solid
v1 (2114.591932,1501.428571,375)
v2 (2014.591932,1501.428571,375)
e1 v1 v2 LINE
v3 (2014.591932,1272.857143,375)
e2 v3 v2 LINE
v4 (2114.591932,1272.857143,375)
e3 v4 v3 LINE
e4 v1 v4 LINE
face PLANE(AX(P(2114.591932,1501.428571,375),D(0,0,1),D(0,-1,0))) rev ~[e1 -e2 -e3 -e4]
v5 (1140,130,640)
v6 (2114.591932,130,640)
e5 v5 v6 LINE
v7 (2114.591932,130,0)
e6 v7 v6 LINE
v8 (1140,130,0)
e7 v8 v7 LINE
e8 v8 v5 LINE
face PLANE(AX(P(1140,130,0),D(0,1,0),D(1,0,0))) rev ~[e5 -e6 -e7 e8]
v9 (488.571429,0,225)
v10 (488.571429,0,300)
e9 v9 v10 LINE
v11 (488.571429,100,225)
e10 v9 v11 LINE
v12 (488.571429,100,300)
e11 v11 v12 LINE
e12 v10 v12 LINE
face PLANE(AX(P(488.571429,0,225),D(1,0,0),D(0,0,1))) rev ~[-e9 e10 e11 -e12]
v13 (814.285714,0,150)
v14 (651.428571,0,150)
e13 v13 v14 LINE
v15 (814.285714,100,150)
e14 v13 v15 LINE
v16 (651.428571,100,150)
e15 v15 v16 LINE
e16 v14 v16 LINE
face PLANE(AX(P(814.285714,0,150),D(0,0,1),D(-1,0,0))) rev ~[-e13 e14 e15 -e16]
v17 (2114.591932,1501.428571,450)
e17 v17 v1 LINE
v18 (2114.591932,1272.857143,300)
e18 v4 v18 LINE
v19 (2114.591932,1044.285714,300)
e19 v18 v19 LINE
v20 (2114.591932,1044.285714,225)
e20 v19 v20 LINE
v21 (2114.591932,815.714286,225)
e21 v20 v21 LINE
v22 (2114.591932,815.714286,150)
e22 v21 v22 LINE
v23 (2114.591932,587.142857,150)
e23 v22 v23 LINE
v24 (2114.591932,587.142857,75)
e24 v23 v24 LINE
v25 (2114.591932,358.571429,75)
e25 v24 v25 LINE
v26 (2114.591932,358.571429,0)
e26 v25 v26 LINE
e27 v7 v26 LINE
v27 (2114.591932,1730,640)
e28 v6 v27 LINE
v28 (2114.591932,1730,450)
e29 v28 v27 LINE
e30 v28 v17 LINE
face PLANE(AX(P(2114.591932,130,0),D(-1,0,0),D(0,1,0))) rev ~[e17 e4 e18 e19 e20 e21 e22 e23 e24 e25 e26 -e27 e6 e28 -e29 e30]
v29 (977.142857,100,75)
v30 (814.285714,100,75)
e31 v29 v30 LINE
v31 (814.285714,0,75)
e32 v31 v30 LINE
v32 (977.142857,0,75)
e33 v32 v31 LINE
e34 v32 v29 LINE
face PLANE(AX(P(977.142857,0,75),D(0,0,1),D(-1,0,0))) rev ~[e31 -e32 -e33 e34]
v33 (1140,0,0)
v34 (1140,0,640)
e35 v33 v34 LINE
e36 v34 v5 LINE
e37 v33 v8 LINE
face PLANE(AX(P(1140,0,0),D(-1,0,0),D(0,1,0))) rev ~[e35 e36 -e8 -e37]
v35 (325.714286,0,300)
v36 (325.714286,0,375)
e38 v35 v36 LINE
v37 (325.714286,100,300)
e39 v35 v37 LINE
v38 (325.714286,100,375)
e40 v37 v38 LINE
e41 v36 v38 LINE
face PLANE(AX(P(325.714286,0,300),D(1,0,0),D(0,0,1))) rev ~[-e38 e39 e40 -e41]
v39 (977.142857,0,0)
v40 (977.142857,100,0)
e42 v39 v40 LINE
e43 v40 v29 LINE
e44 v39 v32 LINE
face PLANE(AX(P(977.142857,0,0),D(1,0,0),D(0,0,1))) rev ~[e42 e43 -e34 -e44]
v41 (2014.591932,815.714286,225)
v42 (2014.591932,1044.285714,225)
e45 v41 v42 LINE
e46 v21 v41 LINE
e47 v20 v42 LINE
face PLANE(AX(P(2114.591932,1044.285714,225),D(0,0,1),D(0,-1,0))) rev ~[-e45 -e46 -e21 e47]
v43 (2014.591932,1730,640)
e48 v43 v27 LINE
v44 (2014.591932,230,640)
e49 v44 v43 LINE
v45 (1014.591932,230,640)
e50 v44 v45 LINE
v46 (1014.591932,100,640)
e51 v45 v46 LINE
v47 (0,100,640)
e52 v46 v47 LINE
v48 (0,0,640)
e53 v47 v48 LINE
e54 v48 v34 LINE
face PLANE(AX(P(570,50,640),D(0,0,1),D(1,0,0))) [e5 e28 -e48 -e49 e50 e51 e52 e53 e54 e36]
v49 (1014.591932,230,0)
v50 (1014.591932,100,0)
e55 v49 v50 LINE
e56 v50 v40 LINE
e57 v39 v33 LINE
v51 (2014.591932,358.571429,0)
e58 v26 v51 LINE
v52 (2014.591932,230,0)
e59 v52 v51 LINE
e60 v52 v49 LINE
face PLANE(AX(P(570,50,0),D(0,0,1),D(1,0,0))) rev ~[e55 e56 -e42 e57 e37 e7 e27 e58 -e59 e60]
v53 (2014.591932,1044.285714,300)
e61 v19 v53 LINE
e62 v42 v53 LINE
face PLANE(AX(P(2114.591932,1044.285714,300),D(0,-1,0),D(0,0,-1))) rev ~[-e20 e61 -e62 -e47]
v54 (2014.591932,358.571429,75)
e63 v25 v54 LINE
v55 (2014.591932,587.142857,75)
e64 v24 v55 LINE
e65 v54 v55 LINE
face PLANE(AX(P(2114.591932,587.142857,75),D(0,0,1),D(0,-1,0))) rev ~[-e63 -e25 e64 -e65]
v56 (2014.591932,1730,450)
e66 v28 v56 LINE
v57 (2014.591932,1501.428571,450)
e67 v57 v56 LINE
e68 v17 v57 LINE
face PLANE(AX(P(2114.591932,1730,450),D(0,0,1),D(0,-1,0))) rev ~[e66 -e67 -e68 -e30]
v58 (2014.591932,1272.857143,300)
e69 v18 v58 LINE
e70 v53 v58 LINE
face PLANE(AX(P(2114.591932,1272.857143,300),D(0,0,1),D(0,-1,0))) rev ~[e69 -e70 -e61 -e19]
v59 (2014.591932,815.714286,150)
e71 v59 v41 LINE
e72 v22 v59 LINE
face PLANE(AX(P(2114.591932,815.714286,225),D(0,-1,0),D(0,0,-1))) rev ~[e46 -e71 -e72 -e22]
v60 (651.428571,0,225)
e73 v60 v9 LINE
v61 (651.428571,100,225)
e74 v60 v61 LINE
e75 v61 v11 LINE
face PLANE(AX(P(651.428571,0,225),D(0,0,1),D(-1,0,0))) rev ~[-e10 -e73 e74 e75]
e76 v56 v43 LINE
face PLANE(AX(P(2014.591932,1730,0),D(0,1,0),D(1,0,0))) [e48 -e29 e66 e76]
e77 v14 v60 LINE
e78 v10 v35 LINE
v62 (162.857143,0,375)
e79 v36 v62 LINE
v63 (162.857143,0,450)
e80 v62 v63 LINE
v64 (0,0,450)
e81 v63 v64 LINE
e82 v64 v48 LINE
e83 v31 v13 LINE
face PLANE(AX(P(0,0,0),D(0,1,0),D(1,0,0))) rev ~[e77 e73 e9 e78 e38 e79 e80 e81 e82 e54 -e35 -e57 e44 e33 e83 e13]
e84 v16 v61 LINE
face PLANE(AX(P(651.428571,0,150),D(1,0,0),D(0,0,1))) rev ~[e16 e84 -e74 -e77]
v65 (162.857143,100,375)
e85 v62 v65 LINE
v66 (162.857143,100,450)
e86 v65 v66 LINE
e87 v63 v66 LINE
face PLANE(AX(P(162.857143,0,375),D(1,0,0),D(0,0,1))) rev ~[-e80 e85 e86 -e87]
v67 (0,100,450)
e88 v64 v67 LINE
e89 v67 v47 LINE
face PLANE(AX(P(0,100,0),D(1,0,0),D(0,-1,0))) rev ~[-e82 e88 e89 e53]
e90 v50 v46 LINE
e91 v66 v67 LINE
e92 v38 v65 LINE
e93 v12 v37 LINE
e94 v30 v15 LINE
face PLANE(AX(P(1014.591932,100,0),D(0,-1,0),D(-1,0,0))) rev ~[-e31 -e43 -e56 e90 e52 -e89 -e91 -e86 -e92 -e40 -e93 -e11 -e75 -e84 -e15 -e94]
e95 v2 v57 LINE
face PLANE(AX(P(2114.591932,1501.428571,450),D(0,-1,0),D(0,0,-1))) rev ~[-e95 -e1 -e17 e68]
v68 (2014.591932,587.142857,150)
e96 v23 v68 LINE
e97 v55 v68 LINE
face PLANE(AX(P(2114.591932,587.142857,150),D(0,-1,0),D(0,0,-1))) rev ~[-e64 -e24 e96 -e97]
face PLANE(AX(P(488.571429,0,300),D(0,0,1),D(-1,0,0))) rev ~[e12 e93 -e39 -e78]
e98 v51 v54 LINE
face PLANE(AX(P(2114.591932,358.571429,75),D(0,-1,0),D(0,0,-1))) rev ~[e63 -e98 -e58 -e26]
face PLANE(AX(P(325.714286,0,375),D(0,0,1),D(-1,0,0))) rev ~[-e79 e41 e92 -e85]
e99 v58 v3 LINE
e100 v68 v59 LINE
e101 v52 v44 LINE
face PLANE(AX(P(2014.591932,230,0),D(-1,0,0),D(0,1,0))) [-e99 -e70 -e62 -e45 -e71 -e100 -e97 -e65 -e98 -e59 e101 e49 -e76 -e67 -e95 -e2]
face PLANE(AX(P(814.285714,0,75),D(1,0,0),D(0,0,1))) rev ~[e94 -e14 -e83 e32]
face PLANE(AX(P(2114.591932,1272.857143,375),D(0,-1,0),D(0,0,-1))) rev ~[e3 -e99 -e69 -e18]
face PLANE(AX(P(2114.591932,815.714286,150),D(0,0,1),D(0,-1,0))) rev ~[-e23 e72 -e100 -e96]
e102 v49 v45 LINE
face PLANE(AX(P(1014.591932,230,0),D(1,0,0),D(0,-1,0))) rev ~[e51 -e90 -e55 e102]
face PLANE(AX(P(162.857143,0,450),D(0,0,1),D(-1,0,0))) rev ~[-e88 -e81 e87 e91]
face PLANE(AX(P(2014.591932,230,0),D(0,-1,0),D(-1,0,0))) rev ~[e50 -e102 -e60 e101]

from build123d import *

# Parameters (mm, degrees)
F0_W     = 125.408068
F0_H     = 30
F0_W_2   = 100
F0_H_2   = 1500
F1_DEPTH = 640
F3_DEPTH = 1730.001
F5_DEPTH = 2114.592932


with BuildPart() as f1:
    # F0 (on Top) → F1 (new body)
    with BuildSketch(Plane.XY):
        Polygon((0, 100), (0, 0), (1140, 0), (1140, 100), (1014.591932, 100), align=None)
        with Locations((1077.295966, 115)):
            Rectangle(F0_W, F0_H)
        Polygon((1014.591932, 130), (1140, 130), (2114.591932, 130), (2114.591932, 230), (2014.591932, 230), (1014.591932, 230), align=None)
        with Locations((2064.591932, 980)):
            Rectangle(F0_W_2, F0_H_2)
    extrude(amount=F1_DEPTH)

    # F2 (on face) → F3 (cut, through all)
    with BuildSketch(Plane.XZ):
        Polygon((162.857143, 450), (0, 450), (0, 0), (977.142857, 0), (977.142857, 75), (814.285714, 75), (814.285714, 150), (651.428571, 150), (651.428571, 225), (488.571429, 225), (488.571429, 300), (325.714286, 300), (325.714286, 375), (162.857143, 375), align=None)
    extrude(amount=-F3_DEPTH, mode=Mode.SUBTRACT)

    # F4 (on face) → F5 (cut, through all)
    with BuildSketch(Plane.YZ.offset(2114.591932)):
        Polygon((1272.857143, 375), (1272.857143, 300), (1044.285714, 300), (1044.285714, 225), (815.714286, 225), (815.714286, 150), (587.142857, 150), (587.142857, 75), (358.571429, 75), (358.571429, 0), (1730, 0), (1730, 450), (1501.428571, 450), (1501.428571, 375), align=None)
    extrude(amount=-F5_DEPTH, mode=Mode.SUBTRACT)


solid = f1.part
